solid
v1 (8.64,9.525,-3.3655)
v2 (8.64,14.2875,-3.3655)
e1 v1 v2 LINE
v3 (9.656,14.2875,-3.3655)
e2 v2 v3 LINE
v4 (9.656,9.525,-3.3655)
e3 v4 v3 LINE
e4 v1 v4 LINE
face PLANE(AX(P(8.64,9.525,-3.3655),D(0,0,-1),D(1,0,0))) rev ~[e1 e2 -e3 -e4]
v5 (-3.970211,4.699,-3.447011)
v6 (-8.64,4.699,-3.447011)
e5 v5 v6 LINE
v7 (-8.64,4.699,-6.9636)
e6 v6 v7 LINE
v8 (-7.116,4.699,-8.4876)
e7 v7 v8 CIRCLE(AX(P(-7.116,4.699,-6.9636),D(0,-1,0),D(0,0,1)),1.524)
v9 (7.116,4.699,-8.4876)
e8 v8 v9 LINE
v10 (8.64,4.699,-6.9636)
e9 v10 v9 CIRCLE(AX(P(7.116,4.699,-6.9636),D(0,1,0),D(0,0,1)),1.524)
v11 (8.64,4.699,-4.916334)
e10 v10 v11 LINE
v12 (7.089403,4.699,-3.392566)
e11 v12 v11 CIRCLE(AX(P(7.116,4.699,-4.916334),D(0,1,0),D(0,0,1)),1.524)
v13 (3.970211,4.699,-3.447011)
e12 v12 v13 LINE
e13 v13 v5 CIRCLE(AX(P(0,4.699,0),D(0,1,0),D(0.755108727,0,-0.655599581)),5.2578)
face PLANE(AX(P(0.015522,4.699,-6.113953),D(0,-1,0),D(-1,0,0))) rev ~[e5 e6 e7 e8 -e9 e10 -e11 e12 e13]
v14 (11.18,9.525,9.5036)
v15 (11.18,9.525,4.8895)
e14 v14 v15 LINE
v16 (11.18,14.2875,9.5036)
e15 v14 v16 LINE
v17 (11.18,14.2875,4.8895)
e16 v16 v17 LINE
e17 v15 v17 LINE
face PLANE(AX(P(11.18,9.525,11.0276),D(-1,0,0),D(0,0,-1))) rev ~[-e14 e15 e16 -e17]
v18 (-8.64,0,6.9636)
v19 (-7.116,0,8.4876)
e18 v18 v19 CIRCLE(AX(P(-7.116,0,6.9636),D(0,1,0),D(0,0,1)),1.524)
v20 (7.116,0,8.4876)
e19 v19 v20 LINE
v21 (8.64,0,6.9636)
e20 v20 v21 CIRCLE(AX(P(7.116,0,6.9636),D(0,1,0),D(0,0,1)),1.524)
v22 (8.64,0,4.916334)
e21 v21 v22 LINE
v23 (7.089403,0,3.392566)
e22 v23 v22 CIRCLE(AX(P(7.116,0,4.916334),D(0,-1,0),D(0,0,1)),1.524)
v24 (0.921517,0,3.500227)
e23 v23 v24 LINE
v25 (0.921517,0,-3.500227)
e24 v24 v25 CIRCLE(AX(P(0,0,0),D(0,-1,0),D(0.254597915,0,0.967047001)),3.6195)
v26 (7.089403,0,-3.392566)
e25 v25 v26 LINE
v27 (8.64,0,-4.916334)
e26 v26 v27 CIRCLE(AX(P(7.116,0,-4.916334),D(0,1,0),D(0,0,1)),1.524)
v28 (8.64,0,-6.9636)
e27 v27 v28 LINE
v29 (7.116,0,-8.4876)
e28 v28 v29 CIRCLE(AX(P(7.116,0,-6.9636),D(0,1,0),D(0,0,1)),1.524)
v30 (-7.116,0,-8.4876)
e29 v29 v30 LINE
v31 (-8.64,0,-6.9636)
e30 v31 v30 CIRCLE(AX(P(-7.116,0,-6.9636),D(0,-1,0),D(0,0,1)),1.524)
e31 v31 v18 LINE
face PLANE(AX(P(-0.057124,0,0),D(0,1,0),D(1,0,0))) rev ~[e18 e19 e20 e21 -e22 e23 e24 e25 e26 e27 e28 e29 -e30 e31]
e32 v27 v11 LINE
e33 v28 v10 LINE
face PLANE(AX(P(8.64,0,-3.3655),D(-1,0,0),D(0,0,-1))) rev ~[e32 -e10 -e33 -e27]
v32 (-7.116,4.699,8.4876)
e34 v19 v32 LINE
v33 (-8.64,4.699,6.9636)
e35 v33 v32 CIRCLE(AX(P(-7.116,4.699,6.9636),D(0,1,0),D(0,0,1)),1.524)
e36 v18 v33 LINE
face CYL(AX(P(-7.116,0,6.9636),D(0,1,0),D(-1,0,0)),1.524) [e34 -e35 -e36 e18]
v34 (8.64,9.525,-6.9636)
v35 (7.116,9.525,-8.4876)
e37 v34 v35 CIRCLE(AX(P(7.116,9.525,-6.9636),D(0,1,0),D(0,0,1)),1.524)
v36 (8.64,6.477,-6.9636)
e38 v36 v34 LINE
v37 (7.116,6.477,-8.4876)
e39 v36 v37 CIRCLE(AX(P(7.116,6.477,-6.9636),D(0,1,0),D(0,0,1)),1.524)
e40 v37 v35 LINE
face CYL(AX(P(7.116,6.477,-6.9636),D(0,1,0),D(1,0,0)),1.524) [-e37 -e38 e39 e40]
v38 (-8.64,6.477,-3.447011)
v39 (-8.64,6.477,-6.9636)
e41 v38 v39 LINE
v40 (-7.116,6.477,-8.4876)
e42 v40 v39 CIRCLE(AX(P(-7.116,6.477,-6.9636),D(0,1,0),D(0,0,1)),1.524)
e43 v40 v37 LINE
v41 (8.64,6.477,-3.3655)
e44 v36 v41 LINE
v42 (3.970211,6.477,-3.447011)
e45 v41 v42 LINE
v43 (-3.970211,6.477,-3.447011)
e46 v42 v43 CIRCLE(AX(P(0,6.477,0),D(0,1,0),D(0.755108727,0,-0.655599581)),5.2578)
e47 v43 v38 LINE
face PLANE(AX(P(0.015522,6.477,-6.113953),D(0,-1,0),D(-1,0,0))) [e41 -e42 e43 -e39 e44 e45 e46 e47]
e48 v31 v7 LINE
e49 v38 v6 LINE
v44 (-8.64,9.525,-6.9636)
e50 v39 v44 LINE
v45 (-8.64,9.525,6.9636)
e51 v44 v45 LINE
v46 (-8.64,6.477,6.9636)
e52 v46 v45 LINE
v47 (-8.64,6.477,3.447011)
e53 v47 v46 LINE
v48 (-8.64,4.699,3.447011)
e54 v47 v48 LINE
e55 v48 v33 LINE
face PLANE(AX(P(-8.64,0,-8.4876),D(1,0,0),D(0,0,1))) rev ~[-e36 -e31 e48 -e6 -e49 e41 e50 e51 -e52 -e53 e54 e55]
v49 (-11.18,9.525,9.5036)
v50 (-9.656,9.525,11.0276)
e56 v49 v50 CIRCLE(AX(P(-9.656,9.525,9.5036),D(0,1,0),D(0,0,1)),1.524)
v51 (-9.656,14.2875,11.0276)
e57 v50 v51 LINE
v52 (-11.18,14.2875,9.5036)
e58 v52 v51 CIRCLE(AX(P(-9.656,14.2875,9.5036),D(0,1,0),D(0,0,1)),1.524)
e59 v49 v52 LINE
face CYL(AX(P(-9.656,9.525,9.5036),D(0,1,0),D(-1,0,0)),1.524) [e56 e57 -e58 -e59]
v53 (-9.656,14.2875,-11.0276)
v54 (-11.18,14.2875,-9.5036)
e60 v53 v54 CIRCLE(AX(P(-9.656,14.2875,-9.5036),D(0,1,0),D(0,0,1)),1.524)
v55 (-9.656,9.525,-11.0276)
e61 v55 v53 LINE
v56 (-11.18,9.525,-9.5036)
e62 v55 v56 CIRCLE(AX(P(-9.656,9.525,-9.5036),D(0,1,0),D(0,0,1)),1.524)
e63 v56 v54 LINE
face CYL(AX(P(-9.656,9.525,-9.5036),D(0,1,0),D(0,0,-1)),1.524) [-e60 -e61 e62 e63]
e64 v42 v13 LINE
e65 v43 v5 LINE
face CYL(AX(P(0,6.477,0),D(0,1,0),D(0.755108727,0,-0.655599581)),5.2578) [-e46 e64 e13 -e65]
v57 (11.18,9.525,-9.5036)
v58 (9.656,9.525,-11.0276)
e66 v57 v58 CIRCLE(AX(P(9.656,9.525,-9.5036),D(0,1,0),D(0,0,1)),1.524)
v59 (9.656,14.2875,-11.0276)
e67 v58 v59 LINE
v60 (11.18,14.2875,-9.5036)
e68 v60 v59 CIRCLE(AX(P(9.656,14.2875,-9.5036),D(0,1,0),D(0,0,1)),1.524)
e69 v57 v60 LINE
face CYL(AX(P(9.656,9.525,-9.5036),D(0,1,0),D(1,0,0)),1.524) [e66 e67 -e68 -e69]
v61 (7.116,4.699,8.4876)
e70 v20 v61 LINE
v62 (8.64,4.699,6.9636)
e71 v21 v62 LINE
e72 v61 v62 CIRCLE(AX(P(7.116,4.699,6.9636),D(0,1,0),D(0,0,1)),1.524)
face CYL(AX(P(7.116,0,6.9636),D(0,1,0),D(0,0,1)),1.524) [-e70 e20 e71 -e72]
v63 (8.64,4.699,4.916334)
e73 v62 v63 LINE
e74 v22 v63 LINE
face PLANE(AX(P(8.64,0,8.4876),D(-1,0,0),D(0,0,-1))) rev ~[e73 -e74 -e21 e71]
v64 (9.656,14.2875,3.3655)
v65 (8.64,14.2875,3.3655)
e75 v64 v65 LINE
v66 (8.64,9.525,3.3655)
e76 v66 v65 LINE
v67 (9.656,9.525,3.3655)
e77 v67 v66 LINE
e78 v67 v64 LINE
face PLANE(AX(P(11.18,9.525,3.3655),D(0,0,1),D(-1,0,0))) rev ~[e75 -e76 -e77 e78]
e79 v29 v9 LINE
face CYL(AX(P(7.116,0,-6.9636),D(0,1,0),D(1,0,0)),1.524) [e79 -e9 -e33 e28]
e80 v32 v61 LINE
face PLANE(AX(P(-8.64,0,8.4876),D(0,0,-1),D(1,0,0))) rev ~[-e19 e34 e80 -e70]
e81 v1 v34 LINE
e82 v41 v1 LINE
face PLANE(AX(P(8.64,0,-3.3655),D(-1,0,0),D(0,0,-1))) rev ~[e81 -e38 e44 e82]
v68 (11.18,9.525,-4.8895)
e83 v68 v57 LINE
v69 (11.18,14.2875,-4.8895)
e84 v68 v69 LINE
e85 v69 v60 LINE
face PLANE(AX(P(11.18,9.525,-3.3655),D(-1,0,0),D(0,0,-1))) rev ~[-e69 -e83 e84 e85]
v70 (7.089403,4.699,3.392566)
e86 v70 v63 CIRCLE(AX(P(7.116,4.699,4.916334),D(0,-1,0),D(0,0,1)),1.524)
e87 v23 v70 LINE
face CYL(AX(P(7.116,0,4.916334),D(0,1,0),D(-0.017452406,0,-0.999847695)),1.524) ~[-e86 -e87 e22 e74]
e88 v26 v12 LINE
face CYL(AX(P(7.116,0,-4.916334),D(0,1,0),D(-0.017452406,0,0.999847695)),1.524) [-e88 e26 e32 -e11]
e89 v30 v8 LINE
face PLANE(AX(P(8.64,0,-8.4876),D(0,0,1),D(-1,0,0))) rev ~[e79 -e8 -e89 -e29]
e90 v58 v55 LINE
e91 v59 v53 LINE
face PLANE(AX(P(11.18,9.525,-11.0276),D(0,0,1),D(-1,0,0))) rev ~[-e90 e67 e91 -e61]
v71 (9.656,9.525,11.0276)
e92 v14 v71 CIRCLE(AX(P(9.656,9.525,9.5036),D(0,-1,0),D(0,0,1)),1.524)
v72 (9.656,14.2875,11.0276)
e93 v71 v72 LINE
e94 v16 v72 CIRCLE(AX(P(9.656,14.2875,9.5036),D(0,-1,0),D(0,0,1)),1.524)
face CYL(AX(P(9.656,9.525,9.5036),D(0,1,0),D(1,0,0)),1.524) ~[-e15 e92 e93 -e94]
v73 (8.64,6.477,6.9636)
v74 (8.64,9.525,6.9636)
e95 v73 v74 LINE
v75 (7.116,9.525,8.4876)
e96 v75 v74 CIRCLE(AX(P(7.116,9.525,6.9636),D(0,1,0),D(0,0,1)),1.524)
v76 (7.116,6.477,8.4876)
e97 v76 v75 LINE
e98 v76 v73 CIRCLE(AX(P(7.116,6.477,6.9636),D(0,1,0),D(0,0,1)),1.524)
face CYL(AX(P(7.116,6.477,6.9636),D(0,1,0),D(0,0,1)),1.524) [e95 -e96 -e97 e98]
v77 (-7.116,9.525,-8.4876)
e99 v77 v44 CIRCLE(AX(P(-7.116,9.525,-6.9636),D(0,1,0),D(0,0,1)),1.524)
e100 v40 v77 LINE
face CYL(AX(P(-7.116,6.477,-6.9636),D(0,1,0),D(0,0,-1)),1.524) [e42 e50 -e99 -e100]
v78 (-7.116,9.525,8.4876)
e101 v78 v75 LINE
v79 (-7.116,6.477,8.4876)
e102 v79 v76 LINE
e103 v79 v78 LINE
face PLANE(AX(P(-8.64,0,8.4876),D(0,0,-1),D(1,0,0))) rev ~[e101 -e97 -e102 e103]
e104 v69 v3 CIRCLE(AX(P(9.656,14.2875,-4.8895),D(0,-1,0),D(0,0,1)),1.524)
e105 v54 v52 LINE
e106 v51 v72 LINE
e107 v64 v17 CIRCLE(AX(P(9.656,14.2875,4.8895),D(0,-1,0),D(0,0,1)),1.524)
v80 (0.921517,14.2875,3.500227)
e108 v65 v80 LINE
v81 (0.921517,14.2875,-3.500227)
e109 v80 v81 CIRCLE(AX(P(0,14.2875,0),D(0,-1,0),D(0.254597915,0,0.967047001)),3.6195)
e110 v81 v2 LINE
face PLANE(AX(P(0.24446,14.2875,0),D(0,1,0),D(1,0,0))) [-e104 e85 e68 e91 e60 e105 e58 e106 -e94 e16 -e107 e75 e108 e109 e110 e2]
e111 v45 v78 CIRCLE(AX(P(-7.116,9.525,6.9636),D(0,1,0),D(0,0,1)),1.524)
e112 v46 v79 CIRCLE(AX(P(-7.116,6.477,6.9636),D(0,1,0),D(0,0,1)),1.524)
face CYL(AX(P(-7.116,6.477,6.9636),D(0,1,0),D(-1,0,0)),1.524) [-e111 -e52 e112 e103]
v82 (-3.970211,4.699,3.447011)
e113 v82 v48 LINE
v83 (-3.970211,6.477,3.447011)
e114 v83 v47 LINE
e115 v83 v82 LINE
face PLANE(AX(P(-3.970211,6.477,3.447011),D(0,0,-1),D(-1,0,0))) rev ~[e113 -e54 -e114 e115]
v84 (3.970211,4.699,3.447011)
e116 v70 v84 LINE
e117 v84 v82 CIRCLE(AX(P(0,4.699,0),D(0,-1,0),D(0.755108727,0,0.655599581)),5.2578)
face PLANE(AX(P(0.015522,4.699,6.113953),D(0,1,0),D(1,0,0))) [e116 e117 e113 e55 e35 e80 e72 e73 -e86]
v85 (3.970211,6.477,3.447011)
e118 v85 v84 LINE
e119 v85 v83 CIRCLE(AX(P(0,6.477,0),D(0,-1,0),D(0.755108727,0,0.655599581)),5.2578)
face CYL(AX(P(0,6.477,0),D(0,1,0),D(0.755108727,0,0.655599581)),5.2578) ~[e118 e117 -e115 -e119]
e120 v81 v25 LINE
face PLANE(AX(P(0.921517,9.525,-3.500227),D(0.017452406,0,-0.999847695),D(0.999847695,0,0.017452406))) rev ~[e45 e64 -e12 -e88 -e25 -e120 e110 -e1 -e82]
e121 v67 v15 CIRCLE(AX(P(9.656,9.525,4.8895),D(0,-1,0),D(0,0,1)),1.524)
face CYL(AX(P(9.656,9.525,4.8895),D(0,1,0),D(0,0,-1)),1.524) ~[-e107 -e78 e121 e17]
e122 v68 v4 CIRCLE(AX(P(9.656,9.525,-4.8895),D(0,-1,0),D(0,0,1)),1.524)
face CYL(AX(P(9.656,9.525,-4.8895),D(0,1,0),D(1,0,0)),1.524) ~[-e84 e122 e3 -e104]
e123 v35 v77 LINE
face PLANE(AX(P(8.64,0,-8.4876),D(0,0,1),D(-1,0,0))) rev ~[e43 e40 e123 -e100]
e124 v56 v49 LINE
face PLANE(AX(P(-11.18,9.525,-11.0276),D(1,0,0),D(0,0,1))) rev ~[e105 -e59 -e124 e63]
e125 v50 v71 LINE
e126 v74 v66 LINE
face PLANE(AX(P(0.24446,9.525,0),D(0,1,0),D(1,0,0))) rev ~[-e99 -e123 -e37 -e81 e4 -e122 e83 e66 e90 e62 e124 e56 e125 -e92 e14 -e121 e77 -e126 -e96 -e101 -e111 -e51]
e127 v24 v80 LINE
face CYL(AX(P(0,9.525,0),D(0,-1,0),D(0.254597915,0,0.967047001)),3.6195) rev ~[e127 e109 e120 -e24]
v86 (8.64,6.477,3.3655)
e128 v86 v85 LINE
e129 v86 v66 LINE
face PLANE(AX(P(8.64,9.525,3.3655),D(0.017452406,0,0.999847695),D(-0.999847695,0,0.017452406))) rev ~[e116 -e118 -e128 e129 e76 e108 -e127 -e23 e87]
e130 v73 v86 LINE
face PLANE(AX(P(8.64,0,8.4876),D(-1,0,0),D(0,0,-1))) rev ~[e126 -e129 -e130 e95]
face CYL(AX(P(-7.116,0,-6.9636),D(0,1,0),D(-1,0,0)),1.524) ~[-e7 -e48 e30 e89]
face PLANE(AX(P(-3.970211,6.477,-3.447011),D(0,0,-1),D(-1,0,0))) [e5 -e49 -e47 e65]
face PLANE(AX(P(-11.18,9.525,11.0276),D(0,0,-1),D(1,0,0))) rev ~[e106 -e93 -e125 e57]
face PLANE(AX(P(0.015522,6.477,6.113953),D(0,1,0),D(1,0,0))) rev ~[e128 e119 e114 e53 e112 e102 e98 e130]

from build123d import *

# Parameters (mm, degrees)
BOSS_EXTRUDE1_DEPTH = 9.525
BOSS_EXTRUDE2_DEPTH = 4.7625
CUT_EXTRUDE1_DEPTH  = 1.778
FILLET1_R           = 1.524


with BuildPart() as part:
    # Sketch2 → Boss-Extrude1 (new body)
    with BuildSketch(Plane(origin=(0, 0, 0), x_dir=(1, 0, 0), z_dir=(0, 1, 0))):
        with BuildLine():
            Line((8.64, 8.4876), (-8.64, 8.4876))
            Line((-8.64, 8.4876), (-8.64, -8.4876))
            Line((-8.64, -8.4876), (8.64, -8.4876))
            Line((8.64, -8.4876), (8.64, -3.3655))
            Line((8.64, -3.3655), (0.921517153, -3.500226619))
            ThreePointArc((0.921517153, -3.500226619), (-3.6195, 0), (0.921517153, 3.500226619))
            Line((0.921517153, 3.500226619), (8.64, 3.3655))
            Line((8.64, 3.3655), (8.64, 8.4876))
        make_face()
    extrude(amount=BOSS_EXTRUDE1_DEPTH)

    # Sketch3 → Boss-Extrude2 (add)
    with BuildSketch(Plane(origin=(0, 9.525, 0), x_dir=(1, 0, 0), z_dir=(0, 1, 0))):
        with BuildLine():
            Line((11.18, 3.3655), (11.18, 11.0276))
            Line((11.18, 11.0276), (-11.18, 11.0276))
            Line((-11.18, 11.0276), (-11.18, -11.0276))
            Line((-11.18, -11.0276), (11.18, -11.0276))
            Line((11.18, -11.0276), (11.18, -3.3655))
            Line((11.18, -3.3655), (8.64, -3.3655))
            Line((8.64, -3.3655), (0.921517153, -3.500226619))
            ThreePointArc((0.921517153, -3.500226619), (-3.6195, 0), (0.921517153, 3.500226619))
            Line((0.921517153, 3.500226619), (8.64, 3.3655))
            Line((8.64, 3.3655), (11.18, 3.3655))
        make_face()
    extrude(amount=BOSS_EXTRUDE2_DEPTH)

    # Sketch4 → Cut-Extrude1 (cut)
    with BuildSketch(Plane(origin=(0, 6.477, 0), x_dir=(-1, 0, 0), z_dir=(0, -1, 0))):
        with BuildLine():
            Line((3.970210665, 3.447011476), (8.64, 3.447011476))
            Line((8.64, 3.447011476), (8.64, 8.4876))
            Line((8.64, 8.4876), (-8.64, 8.4876))
            Line((-8.64, 8.4876), (-8.64, 3.3655))
            Line((-8.64, 3.3655), (-3.970210665, 3.447011476))
            ThreePointArc((-3.970210665, 3.447011476), (0, 5.2578), (3.970210665, 3.447011476))
        make_face()
        with BuildLine():
            Line((3.970210665, -3.447011476), (8.64, -3.447011476))
            Line((8.64, -3.447011476), (8.64, -8.4876))
            Line((8.64, -8.4876), (-8.64, -8.4876))
            Line((-8.64, -8.4876), (-8.64, -3.3655))
            Line((-8.64, -3.3655), (-3.970210665, -3.447011476))
            ThreePointArc((-3.970210665, -3.447011476), (0, -5.2578), (3.970210665, -3.447011476))
        make_face()
    extrude(amount=CUT_EXTRUDE1_DEPTH, mode=Mode.SUBTRACT)

    # Fillet1
    fillet1_edges = [part.edges().sort_by_distance(p)[0] for p in [
        (8.64, 8.001, 8.4876),
        (-8.64, 8.001, 8.4876),
        (-8.64, 8.001, -8.4876),
        (8.64, 8.001, -8.4876),
        (11.18, 11.90625, -3.3655),
        (11.18, 11.90625, -11.0276),
        (-11.18, 11.90625, -11.0276),
        (-11.18, 11.90625, 11.0276),
        (11.18, 11.90625, 11.0276),
        (11.18, 11.90625, 3.3655),
        (8.64, 2.3495, -3.3655),
        (8.64, 2.3495, 3.3655),
        (8.64, 2.3495, 8.4876),
        (-8.64, 2.3495, 8.4876),
        (-8.64, 2.3495, -8.4876),
        (8.64, 2.3495, -8.4876),
    ]]
    fillet(fillet1_edges, radius=FILLET1_R)


solid = part.part
